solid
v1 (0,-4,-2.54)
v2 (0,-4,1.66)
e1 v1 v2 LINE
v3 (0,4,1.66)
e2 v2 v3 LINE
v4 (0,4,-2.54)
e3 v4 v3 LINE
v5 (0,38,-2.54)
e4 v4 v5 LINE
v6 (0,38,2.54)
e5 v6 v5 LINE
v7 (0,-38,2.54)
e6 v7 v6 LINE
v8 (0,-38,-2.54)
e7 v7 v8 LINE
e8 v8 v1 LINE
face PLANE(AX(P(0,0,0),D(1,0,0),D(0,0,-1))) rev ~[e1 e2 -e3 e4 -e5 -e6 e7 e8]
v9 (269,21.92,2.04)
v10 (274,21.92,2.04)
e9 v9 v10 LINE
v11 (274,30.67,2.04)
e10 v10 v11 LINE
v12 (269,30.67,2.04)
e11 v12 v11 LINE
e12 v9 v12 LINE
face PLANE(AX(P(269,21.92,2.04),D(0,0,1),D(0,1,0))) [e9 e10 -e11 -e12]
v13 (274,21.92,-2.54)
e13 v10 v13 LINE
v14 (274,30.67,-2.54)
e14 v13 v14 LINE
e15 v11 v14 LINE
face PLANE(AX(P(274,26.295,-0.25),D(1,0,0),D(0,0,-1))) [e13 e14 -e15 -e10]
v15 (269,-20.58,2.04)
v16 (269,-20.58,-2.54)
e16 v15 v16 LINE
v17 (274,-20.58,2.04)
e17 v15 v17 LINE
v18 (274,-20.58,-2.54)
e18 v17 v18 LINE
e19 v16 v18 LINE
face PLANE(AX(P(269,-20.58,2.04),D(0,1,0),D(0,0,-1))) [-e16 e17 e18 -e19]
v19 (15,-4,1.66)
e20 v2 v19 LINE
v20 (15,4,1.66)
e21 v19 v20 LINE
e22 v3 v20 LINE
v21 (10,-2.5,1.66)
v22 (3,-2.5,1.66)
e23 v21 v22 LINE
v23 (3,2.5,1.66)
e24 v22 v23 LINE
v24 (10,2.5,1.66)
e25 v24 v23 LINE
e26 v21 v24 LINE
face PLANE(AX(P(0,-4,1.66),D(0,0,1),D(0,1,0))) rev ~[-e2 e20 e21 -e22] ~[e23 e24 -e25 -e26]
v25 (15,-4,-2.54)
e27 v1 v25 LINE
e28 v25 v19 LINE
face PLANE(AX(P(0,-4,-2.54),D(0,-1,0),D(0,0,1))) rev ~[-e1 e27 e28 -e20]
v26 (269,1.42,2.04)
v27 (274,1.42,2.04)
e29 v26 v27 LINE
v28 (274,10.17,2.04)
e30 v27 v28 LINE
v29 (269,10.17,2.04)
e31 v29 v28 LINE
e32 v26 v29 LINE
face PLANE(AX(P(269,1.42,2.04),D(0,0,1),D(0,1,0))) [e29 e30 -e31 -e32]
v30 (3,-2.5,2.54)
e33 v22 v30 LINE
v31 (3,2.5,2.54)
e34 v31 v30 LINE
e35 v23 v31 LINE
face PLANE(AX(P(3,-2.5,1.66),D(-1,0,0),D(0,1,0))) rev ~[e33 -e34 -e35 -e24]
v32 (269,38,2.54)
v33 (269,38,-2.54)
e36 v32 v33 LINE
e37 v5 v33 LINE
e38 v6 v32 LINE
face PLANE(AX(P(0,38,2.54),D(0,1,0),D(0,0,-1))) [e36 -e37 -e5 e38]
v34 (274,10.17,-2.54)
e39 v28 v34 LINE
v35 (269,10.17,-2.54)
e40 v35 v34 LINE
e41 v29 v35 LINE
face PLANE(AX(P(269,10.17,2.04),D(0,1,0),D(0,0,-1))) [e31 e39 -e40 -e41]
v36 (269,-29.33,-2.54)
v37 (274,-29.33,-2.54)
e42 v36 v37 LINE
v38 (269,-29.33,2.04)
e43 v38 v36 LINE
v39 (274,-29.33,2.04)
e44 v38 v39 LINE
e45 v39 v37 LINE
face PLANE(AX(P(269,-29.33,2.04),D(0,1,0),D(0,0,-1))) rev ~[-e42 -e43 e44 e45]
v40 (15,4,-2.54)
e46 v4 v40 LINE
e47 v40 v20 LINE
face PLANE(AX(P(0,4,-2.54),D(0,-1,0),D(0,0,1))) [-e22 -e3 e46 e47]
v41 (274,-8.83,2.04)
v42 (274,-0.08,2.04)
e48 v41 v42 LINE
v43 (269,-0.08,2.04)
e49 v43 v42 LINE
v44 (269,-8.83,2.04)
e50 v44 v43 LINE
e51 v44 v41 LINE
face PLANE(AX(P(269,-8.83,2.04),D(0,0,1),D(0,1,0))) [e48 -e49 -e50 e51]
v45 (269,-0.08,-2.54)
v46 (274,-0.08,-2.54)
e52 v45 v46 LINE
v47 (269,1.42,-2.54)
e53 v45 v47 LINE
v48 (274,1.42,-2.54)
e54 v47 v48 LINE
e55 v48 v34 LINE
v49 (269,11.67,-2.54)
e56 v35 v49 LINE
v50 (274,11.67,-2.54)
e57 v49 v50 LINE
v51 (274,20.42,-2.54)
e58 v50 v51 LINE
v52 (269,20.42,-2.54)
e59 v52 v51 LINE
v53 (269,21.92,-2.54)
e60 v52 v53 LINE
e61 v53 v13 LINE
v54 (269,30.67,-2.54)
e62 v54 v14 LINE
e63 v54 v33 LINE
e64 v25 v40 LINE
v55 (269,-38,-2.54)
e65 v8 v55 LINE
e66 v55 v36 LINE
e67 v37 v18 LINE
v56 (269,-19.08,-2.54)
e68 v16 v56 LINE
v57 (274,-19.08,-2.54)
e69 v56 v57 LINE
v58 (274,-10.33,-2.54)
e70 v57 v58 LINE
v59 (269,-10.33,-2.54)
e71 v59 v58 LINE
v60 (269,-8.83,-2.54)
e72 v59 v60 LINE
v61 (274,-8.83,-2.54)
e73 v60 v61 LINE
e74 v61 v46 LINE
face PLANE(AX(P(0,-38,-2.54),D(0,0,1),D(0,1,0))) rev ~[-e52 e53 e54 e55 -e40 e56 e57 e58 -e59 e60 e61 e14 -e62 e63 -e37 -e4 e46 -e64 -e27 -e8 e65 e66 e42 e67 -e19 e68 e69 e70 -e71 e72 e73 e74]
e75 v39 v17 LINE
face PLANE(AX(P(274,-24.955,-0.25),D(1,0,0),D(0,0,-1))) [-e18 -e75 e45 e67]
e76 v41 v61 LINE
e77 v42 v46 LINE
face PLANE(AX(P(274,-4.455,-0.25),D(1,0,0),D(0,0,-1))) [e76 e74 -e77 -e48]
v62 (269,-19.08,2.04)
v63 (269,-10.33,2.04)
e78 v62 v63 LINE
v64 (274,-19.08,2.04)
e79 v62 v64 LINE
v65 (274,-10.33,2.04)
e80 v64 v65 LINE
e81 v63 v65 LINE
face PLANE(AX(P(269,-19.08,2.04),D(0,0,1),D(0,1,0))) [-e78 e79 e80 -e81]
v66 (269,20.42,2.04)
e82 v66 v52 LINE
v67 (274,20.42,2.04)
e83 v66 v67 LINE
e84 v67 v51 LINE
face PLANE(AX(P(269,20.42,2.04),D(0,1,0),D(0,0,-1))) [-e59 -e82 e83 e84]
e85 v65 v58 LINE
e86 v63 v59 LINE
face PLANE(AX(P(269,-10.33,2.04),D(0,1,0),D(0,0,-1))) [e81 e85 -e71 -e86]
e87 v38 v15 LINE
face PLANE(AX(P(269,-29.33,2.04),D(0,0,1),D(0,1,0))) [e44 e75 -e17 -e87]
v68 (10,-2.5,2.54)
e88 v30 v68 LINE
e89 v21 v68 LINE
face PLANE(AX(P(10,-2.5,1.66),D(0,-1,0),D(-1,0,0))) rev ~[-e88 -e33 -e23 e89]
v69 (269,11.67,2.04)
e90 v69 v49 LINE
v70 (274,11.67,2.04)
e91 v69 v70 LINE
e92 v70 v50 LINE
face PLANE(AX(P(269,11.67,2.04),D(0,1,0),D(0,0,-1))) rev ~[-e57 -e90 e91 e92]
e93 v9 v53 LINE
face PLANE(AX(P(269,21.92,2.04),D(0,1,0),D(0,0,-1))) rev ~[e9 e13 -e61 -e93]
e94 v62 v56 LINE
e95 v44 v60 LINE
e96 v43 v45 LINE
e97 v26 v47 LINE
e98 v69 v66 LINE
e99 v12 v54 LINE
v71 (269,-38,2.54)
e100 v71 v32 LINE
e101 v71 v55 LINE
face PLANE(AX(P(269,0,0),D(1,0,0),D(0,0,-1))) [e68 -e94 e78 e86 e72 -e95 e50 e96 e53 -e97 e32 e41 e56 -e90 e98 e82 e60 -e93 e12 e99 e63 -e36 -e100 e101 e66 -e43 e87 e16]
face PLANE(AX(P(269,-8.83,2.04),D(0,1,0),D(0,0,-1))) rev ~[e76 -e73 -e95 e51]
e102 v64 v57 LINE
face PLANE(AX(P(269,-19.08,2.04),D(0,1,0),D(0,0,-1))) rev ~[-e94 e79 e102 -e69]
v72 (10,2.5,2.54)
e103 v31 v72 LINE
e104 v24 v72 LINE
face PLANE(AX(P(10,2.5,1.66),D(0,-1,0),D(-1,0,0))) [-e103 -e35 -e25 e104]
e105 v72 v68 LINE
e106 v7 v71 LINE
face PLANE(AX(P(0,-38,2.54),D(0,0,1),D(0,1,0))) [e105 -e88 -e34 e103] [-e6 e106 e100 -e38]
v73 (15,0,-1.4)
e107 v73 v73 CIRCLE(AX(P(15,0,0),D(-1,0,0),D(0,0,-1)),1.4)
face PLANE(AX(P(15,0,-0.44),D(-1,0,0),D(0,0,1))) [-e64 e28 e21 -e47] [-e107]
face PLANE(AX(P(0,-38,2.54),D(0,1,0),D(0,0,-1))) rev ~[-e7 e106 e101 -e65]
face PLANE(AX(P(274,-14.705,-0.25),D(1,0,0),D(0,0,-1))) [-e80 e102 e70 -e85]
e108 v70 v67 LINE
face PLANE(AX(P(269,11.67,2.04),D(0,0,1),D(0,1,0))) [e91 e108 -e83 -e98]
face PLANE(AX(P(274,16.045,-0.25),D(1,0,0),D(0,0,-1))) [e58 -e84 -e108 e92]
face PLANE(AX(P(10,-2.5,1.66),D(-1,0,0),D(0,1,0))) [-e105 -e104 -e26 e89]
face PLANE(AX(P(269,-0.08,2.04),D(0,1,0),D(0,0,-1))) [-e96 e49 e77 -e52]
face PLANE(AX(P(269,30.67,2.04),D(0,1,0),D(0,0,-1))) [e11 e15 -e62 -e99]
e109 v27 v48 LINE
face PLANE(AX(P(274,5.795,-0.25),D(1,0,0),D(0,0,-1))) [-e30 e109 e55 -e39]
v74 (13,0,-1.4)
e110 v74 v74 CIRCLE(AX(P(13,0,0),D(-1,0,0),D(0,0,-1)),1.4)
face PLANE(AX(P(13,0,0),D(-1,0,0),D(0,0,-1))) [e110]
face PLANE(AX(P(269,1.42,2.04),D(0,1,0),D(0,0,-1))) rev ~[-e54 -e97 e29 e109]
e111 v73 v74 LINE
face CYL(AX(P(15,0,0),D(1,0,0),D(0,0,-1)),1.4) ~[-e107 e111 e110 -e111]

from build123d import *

# Parameters (mm, degrees)
SKETCH1_W           = 5.08
SKETCH1_H           = 76
BOSS_EXTRUDE1_DEPTH = 269
SKETCH2_W           = 4.58
SKETCH2_H           = 8.75
BOSS_EXTRUDE2_DEPTH = 5
SKETCH5_W           = 4.2
SKETCH5_H           = 8
CUT_EXTRUDE1_DEPTH  = 15
SKETCH6_W           = 7
SKETCH6_H           = 5
CUT_EXTRUDE2_DEPTH  = 15
SKETCH8_R           = 1.4
BOSS_EXTRUDE3_DEPTH = 2


with BuildPart() as part:
    # Sketch1 → Boss-Extrude1 (new body)
    with BuildSketch(Plane(origin=(0, 0, 0), x_dir=(0, 0, -1), z_dir=(1, 0, 0))):
        Rectangle(SKETCH1_W, SKETCH1_H)
    extrude(amount=BOSS_EXTRUDE1_DEPTH)

    # Sketch2 → Boss-Extrude2 (add)
    with BuildSketch(Plane(origin=(269, 0, 0), x_dir=(0, 0, -1), z_dir=(1, 0, 0))):
        with Locations((0.25, 26.295)):
            Rectangle(SKETCH2_W, SKETCH2_H)
        with Locations((0.25, 5.795)):
            Rectangle(SKETCH2_W, SKETCH2_H)
        with Locations((0.25, 16.045)):
            Rectangle(SKETCH2_W, SKETCH2_H)
        with Locations((0.25, -4.455)):
            Rectangle(SKETCH2_W, SKETCH2_H)
        with Locations((0.25, -14.705)):
            Rectangle(SKETCH2_W, SKETCH2_H)
        with Locations((0.25, -24.955)):
            Rectangle(SKETCH2_W, SKETCH2_H)
    extrude(amount=BOSS_EXTRUDE2_DEPTH)

    # Sketch5 → Cut-Extrude1 (cut)
    with BuildSketch(Plane.ZY):
        with Locations((-0.44, 0)):
            Rectangle(SKETCH5_W, SKETCH5_H)
    extrude(amount=-CUT_EXTRUDE1_DEPTH, mode=Mode.SUBTRACT)

    # Sketch6 → Cut-Extrude2 (cut)
    with BuildSketch(Plane(origin=(0, 0, 1.66), x_dir=(-1, 0, 0), z_dir=(0, 0, -1))):
        with Locations((-6.5, 0)):
            Rectangle(SKETCH6_W, SKETCH6_H)
    extrude(amount=-CUT_EXTRUDE2_DEPTH, mode=Mode.SUBTRACT)

    # Sketch8 → Boss-Extrude3 (add)
    with BuildSketch(Plane.ZY.offset(-15)):
        with Locations(Location((0, 0, 0), (0, 0, 180))):
            Circle(SKETCH8_R)
    extrude(amount=BOSS_EXTRUDE3_DEPTH)


solid = part.part
